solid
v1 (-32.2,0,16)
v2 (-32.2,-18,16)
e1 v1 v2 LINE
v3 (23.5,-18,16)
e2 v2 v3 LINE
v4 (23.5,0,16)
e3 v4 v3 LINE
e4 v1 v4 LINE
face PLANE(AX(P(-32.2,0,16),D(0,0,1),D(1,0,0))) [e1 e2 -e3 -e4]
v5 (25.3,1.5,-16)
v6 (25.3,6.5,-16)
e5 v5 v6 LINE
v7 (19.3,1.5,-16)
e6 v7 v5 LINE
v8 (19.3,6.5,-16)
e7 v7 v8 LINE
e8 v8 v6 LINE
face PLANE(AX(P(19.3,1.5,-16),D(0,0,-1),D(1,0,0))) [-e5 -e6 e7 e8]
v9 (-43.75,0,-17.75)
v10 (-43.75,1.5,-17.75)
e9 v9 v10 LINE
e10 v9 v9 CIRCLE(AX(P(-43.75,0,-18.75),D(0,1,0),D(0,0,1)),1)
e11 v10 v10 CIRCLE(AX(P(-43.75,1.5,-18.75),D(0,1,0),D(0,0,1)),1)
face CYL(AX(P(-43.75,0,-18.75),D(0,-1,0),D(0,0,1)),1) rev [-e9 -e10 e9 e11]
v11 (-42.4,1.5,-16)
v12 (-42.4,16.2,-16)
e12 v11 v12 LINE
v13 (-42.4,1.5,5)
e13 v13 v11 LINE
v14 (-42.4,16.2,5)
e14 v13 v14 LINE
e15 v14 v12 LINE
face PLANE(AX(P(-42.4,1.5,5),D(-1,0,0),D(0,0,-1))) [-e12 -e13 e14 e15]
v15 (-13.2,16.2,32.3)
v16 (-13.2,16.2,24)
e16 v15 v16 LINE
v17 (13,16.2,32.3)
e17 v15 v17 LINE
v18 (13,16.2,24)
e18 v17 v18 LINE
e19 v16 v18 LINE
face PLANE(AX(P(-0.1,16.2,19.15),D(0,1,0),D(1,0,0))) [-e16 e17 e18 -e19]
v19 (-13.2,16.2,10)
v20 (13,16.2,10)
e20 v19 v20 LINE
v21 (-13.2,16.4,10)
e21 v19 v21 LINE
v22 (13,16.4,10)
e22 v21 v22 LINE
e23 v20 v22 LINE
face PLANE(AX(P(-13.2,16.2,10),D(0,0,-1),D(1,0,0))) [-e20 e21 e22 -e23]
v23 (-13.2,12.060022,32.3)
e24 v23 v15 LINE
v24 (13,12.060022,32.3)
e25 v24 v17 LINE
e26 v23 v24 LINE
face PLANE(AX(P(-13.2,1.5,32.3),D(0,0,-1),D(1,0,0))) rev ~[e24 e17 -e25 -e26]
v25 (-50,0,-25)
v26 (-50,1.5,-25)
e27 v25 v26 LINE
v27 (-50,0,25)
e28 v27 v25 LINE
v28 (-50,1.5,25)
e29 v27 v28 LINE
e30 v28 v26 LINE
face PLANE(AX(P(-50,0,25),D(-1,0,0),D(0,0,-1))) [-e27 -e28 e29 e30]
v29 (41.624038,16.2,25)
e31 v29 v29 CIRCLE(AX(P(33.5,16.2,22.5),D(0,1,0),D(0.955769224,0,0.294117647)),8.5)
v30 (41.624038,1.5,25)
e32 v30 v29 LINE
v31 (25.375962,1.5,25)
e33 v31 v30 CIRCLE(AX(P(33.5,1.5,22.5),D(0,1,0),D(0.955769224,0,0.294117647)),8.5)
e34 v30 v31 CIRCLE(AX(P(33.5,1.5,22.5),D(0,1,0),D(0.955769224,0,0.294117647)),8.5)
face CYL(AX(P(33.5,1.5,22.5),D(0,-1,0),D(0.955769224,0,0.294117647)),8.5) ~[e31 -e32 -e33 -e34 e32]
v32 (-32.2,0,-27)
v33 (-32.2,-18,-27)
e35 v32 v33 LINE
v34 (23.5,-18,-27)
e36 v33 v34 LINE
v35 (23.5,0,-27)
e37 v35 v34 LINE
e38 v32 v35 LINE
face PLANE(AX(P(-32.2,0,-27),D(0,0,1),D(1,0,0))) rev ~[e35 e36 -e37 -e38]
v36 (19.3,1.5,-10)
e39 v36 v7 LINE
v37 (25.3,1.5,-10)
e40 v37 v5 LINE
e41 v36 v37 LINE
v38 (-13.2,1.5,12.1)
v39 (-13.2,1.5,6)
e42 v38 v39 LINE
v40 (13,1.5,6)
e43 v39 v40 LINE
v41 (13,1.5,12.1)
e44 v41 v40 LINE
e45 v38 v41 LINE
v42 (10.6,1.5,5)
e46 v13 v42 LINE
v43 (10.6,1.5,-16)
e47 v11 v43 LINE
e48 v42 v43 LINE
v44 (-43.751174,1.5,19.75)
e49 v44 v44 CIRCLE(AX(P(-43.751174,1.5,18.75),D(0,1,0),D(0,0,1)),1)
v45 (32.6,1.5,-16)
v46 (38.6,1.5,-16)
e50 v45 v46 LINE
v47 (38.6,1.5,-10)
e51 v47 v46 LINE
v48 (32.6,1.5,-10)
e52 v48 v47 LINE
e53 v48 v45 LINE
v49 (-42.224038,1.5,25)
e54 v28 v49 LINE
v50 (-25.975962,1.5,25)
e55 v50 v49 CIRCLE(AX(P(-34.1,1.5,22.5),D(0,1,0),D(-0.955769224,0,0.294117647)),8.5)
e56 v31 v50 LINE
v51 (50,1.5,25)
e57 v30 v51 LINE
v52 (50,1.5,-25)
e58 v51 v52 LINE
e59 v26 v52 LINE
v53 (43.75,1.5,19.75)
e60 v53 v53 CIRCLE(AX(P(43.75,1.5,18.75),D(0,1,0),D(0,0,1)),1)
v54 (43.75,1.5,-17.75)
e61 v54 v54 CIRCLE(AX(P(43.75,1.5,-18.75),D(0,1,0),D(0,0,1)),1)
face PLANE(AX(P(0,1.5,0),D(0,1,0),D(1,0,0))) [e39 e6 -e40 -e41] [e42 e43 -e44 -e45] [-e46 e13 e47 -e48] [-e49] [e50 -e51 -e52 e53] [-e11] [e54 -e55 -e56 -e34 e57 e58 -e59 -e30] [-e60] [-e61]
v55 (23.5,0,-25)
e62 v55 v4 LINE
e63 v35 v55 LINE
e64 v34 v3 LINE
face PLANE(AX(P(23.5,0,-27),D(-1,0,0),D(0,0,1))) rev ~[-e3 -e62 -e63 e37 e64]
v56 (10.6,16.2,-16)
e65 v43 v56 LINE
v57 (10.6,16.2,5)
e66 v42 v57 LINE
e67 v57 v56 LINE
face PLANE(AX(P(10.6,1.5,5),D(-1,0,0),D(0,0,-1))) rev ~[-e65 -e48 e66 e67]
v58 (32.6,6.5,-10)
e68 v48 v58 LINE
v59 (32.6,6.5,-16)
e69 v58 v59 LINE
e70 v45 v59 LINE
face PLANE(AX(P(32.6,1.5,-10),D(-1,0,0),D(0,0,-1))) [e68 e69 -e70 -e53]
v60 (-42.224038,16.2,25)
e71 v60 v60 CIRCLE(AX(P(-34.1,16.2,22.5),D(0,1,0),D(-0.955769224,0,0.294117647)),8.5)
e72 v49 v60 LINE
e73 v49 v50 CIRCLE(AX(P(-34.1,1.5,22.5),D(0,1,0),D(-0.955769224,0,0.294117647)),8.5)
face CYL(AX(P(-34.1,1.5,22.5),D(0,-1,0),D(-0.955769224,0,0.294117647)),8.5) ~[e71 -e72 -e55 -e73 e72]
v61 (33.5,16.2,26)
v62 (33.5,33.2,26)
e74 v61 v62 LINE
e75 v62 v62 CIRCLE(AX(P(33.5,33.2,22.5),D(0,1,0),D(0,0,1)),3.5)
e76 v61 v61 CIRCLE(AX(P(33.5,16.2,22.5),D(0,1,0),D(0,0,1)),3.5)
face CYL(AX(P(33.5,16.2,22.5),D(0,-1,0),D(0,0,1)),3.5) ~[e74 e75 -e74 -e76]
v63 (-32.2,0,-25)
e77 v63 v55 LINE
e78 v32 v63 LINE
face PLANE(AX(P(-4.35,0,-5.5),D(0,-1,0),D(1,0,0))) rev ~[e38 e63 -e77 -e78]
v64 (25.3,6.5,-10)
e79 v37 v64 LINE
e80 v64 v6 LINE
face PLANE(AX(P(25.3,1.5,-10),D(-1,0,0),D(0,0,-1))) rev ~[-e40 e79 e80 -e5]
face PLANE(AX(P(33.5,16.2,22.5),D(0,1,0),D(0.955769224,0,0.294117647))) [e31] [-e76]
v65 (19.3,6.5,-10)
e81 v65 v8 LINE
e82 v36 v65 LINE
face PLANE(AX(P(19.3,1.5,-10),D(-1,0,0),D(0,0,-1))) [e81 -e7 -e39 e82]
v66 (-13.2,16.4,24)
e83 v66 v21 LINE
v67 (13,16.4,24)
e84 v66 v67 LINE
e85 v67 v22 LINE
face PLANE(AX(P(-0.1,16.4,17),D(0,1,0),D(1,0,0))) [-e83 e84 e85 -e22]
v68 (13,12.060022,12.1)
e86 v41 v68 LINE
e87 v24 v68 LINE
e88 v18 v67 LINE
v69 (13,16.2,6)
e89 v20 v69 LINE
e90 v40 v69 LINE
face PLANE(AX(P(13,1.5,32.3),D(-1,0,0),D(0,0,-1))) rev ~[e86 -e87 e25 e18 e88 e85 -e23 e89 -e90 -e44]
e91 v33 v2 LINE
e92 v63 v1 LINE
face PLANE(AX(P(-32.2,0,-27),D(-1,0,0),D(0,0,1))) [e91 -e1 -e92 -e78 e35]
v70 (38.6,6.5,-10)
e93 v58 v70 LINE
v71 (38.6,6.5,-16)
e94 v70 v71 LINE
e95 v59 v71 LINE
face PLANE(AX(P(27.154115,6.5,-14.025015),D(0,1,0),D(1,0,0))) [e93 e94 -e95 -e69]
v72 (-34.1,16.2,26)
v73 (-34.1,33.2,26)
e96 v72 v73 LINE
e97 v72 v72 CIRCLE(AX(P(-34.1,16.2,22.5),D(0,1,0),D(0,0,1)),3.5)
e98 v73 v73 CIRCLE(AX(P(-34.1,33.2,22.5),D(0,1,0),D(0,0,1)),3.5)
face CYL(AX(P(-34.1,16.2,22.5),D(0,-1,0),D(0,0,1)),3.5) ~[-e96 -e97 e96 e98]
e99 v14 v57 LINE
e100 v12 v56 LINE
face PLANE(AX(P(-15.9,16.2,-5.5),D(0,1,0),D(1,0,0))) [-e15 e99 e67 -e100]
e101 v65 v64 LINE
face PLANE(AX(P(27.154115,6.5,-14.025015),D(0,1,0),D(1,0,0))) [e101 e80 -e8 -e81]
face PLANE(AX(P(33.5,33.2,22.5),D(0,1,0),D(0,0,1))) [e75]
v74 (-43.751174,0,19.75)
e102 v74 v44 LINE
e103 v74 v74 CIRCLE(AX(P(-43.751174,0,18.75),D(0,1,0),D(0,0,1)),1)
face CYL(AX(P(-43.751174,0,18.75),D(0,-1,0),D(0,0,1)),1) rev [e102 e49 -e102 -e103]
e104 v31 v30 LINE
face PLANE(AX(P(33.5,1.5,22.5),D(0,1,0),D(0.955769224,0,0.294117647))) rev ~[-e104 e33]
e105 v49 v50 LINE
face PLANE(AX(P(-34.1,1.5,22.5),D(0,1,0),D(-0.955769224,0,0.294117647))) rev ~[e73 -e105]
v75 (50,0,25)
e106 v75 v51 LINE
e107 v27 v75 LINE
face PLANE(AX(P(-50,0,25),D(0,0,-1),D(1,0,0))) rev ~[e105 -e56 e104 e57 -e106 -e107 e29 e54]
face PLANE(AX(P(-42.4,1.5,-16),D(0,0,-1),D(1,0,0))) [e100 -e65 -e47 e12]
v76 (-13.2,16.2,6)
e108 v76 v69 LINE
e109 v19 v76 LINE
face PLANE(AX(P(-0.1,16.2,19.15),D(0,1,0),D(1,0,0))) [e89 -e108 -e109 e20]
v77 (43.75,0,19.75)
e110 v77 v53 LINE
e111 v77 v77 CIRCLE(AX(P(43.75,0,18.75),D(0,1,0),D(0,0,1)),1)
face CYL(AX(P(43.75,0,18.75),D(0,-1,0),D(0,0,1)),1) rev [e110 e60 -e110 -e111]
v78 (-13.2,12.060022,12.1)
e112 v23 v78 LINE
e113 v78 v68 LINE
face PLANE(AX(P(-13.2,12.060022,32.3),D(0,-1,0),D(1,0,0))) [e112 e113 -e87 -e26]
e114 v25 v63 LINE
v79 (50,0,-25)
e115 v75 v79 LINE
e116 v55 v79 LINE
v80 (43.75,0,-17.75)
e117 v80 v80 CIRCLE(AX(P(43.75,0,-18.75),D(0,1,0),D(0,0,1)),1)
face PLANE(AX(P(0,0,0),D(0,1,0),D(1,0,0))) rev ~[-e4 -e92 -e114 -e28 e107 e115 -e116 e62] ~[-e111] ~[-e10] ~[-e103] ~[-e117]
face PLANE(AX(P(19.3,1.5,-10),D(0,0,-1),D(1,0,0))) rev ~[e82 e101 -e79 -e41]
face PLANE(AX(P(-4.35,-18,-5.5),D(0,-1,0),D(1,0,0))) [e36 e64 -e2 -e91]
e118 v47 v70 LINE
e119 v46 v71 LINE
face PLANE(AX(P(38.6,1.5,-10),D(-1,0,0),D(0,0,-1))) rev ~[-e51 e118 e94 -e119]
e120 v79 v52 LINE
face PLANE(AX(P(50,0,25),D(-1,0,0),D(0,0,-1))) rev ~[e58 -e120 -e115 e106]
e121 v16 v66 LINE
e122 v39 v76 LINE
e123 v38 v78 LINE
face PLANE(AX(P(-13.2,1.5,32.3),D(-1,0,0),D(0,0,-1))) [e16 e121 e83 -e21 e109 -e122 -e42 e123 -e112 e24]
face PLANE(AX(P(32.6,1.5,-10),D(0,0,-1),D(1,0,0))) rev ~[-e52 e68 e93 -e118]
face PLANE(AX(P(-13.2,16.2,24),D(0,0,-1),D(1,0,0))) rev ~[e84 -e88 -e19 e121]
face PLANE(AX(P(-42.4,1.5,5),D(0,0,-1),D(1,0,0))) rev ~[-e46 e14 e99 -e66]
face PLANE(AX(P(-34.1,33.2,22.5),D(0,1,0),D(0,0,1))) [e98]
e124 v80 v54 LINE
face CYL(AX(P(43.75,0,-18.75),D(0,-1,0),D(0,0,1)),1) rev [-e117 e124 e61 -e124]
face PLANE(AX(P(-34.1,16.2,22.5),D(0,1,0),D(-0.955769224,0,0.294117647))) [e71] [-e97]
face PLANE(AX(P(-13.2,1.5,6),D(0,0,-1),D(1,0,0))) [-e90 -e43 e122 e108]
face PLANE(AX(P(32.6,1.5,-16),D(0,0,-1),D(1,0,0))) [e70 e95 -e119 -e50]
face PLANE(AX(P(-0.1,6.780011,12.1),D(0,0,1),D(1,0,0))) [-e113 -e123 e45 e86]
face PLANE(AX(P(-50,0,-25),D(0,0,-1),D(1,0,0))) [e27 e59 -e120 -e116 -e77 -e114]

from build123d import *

# Parameters (mm, degrees)
ESBO_O1_W                = 100
ESBO_O1_H                = 50
ESBO_O1_R                = 1
RESSALTO_EXTRUS_O1_DEPTH = 1.5
ESBO_O2_R                = 8.5
ESBO_O2_W                = 53
ESBO_O2_H                = 21
ESBO_O2_W_2              = 6
ESBO_O2_H_2              = 6
ESBO_O2_W_3              = 26.2
ESBO_O2_H_3              = 26.3
RESSALTO_EXTRUS_O4_DEPTH = 14.7
ESBO_O3_W                = 22.891769865
ESBO_O3_H                = 8.050029258
CORTE_EXTRUS_O1_DEPTH    = 9.7
ESBO_O4_R                = 3.5
RESSALTO_EXTRUS_O5_DEPTH = 17
ESBO_O5_W                = 55.7
ESBO_O5_H                = 43
RESSALTO_EXTRUS_O6_DEPTH = 18
ESBO_O6_W                = 26.2
ESBO_O6_H                = 14
RESSALTO_EXTRUS_O7_DEPTH = 0.2
ESBO_O7_W                = 26.2
ESBO_O7_H                = 10.560021921
CORTE_EXTRUS_O2_DEPTH    = 20.2


with BuildPart() as part:
    # Esboço1 → Ressalto-extrusão1 (new body)
    with BuildSketch(Plane(origin=(0, 0, 0), x_dir=(1, 0, 0), z_dir=(0, 1, 0))):
        Rectangle(ESBO_O1_W, ESBO_O1_H)
        with Locations(Location((43.75, 18.75, 0), (0, 0, 270))):
            Circle(ESBO_O1_R, mode=Mode.SUBTRACT)
        with Locations(Location((43.75, -18.75, 0), (0, 0, 270))):
            Circle(ESBO_O1_R, mode=Mode.SUBTRACT)
        with Locations(Location((-43.75, 18.749999801, 0), (0, 0, 270))):
            Circle(ESBO_O1_R, mode=Mode.SUBTRACT)
        with Locations(Location((-43.751173924, -18.750000181, 0), (0, 0, 270))):
            Circle(ESBO_O1_R, mode=Mode.SUBTRACT)
    extrude(amount=RESSALTO_EXTRUS_O1_DEPTH)

    # Esboço2 → Ressalto-extrusão4 (add)
    with BuildSketch(Plane(origin=(0, 1.5, 0), x_dir=(1, 0, 0), z_dir=(0, 1, 0))):
        with Locations(Location((33.5, -22.5, 0), (0, 0, 342.895364823))):
            Circle(ESBO_O2_R)
        with Locations(Location((-34.1, -22.5, 0), (0, 0, 197.104635177))):
            Circle(ESBO_O2_R)
        with Locations((-15.9, 5.5)):
            Rectangle(ESBO_O2_W, ESBO_O2_H)
        with Locations((22.3, 13)):
            Rectangle(ESBO_O2_W_2, ESBO_O2_H_2)
        with Locations((35.6, 13)):
            Rectangle(ESBO_O2_W_2, ESBO_O2_H_2)
        with Locations((-0.1, -19.15)):
            Rectangle(ESBO_O2_W_3, ESBO_O2_H_3)
    extrude(amount=RESSALTO_EXTRUS_O4_DEPTH)

    # Esboço3 → Corte-extrusão1 (cut)
    with BuildSketch(Plane(origin=(0, 16.2, 0), x_dir=(1, 0, 0), z_dir=(0, 1, 0))):
        with Locations((27.154115068, 14.025014629)):
            Rectangle(ESBO_O3_W, ESBO_O3_H)
    extrude(amount=-CORTE_EXTRUS_O1_DEPTH, mode=Mode.SUBTRACT)

    # Esboço4 → Ressalto-extrusão5 (add)
    with BuildSketch(Plane(origin=(0, 16.2, 0), x_dir=(1, 0, 0), z_dir=(0, 1, 0))):
        with Locations(Location((33.5, -22.5, 0), (0, 0, 270))):
            Circle(ESBO_O4_R)
        with Locations(Location((-34.1, -22.5, 0), (0, 0, 270))):
            Circle(ESBO_O4_R)
    extrude(amount=RESSALTO_EXTRUS_O5_DEPTH)

    # Esboço5 → Ressalto-extrusão6 (add)
    with BuildSketch(Plane.XZ):
        with Locations((-4.35, -5.5)):
            Rectangle(ESBO_O5_W, ESBO_O5_H)
    extrude(amount=RESSALTO_EXTRUS_O6_DEPTH)

    # Esboço6 → Ressalto-extrusão7 (add)
    with BuildSketch(Plane(origin=(0, 16.2, 0), x_dir=(1, 0, 0), z_dir=(0, 1, 0))):
        with Locations((-0.1, -17)):
            Rectangle(ESBO_O6_W, ESBO_O6_H)
    extrude(amount=RESSALTO_EXTRUS_O7_DEPTH)

    # Esboço7 → Corte-extrusão2 (cut)
    with BuildSketch(Plane.XY.offset(32.3)):
        with Locations((-0.1, 6.780010961)):
            Rectangle(ESBO_O7_W, ESBO_O7_H)
    extrude(amount=-CORTE_EXTRUS_O2_DEPTH, mode=Mode.SUBTRACT)


solid = part.part
